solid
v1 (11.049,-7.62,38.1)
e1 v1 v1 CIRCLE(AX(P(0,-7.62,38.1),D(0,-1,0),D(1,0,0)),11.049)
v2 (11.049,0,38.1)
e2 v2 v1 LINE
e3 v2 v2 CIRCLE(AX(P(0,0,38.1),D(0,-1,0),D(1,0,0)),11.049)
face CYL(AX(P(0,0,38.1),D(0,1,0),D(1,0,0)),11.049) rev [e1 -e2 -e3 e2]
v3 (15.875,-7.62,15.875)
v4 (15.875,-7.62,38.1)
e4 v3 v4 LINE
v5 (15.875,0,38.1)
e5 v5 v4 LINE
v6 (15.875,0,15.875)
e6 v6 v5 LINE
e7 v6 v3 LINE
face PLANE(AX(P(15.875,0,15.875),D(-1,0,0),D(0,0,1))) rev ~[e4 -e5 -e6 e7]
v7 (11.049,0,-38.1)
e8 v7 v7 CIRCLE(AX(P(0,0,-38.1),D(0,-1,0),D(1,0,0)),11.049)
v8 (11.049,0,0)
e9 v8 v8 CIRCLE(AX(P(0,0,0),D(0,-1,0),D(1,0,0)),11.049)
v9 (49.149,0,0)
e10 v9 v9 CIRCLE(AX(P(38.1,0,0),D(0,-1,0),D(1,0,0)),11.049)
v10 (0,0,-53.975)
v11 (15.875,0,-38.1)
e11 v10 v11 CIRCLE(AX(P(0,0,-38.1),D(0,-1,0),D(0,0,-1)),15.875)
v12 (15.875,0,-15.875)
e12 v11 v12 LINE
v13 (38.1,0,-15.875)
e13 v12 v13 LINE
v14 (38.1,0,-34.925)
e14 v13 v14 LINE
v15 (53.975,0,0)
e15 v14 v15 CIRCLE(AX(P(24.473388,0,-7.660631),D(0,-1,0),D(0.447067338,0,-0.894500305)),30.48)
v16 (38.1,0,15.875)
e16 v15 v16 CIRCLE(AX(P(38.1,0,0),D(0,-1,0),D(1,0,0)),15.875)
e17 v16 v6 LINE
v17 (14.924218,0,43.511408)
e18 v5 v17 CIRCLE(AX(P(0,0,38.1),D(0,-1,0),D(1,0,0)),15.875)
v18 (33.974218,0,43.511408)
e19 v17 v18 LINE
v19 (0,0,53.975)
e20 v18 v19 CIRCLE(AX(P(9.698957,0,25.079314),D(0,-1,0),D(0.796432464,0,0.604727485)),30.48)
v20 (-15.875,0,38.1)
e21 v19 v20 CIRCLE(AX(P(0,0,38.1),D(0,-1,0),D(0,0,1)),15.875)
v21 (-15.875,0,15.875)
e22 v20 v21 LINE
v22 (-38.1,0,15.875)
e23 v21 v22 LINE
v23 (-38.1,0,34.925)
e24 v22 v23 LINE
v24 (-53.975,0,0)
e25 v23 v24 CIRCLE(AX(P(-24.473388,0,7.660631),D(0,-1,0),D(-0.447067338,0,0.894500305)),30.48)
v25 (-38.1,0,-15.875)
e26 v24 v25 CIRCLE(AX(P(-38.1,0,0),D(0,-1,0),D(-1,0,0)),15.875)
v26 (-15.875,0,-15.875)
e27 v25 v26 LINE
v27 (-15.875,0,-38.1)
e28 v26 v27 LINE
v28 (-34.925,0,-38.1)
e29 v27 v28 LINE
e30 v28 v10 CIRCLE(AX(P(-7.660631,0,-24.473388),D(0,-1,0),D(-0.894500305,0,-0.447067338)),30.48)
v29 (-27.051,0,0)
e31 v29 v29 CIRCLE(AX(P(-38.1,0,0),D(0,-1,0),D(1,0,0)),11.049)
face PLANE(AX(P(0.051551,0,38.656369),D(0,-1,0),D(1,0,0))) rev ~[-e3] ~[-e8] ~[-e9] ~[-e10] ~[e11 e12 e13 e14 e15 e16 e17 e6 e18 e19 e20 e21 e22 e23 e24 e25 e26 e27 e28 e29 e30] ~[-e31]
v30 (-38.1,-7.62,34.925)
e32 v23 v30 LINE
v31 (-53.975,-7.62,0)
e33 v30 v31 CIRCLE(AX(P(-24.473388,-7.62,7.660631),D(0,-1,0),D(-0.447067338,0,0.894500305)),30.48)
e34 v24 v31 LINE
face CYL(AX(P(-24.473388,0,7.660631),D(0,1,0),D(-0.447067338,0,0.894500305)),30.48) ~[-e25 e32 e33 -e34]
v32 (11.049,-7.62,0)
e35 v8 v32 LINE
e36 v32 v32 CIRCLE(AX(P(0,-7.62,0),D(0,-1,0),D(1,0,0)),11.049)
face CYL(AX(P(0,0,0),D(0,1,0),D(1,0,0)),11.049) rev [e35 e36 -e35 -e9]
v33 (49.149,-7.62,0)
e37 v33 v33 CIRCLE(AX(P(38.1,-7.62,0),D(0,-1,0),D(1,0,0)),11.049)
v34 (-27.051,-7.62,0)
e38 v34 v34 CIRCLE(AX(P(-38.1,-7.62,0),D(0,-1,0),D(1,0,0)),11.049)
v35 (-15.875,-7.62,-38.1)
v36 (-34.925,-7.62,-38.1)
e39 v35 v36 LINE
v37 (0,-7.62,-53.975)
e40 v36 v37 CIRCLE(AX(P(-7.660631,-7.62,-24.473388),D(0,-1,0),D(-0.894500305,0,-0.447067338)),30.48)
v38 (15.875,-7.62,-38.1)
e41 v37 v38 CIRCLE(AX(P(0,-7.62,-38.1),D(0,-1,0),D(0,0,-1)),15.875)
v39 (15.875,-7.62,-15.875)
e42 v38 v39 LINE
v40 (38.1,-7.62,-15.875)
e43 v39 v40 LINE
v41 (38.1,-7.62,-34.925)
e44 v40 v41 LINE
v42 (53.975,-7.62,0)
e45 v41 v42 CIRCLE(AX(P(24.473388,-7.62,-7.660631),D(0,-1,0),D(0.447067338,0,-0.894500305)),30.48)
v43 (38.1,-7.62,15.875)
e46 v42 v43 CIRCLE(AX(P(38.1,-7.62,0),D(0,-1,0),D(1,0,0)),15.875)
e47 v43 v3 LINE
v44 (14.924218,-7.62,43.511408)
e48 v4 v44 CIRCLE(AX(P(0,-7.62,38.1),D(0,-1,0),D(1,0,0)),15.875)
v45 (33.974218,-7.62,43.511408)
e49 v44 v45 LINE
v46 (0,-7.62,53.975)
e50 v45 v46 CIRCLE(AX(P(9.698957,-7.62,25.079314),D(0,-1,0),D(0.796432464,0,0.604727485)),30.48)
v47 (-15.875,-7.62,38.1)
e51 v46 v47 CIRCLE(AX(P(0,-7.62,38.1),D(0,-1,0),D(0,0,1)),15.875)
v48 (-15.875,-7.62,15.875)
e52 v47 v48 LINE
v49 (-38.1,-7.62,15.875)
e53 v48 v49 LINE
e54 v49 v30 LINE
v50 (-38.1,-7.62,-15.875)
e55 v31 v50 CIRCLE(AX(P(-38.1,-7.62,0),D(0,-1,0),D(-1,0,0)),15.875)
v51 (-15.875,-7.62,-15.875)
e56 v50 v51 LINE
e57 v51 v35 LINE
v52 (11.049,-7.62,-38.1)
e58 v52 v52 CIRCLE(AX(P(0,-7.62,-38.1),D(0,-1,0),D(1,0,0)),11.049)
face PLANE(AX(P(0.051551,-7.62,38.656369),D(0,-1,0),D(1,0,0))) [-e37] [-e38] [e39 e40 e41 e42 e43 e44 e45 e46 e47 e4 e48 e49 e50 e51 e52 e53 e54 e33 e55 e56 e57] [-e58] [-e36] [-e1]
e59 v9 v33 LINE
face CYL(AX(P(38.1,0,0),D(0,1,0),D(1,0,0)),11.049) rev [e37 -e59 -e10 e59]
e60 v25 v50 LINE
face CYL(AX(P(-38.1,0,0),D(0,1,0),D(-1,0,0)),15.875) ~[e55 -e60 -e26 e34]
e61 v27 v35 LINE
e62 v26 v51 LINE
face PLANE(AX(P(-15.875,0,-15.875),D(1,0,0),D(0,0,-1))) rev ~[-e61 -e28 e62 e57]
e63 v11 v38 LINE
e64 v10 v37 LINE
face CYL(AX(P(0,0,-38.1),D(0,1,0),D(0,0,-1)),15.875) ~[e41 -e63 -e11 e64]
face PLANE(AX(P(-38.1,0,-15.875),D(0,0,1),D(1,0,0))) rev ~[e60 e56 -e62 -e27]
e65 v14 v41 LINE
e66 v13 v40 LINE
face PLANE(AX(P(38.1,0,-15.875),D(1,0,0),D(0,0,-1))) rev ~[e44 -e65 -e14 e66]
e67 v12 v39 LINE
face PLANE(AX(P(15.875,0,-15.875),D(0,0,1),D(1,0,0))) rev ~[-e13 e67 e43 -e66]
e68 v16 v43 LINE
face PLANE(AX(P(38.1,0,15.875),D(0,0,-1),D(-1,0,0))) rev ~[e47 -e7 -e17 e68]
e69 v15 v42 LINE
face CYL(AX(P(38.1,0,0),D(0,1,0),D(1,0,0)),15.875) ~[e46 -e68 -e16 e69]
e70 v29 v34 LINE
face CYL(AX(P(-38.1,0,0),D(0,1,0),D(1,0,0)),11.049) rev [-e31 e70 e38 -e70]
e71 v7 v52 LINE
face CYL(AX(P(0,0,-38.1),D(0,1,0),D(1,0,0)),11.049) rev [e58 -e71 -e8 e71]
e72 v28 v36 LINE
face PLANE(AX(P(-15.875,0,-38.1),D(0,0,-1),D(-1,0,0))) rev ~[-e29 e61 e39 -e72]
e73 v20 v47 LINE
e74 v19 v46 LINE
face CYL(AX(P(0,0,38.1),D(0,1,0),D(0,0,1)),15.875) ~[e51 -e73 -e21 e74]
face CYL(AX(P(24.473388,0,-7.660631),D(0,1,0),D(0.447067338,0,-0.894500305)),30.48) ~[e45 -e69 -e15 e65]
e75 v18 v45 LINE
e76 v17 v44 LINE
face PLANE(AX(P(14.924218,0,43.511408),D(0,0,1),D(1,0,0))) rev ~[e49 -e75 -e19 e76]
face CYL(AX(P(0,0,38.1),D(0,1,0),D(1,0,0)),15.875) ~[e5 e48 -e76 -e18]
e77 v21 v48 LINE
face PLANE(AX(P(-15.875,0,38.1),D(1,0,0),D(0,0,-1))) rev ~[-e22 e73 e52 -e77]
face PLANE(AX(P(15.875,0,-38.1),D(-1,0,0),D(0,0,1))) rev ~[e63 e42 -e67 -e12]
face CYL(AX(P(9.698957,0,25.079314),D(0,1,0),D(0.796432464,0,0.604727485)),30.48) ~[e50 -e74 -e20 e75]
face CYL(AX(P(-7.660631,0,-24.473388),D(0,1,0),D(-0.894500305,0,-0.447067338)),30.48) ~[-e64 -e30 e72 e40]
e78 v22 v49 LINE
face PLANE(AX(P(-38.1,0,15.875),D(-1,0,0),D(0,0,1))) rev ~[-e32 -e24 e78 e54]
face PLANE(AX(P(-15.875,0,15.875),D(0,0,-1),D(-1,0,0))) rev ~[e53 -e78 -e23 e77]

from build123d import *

# Parameters (mm, degrees)
F0_R     = 11.049
F1_DEPTH = 7.62


with BuildPart() as f1:
    # F0 (on Front) → F1 (new body)
    with BuildSketch(Plane.XZ):
        with BuildLine():
            ThreePointArc((-15.875, 38.1), (0, 22.225), (15.875, 38.1))
            ThreePointArc((15.875, 38.1), (15.6354978717, 40.8471496693), (14.9242181032, 43.5114082277))
            ThreePointArc((14.9242181032, 43.5114082277), (9.1134384122, 51.0984947324), (0, 53.975))
            ThreePointArc((0, 53.975), (-11.2253201513, 49.3253201513), (-15.875, 38.1))
        make_face()
        with Locations((0, 38.1)):
            Circle(F0_R, mode=Mode.SUBTRACT)
        with BuildLine():
            Line((15.875, 15.875), (15.875, 38.1))
            ThreePointArc((15.875, 38.1), (0, 22.225), (-15.875, 38.1))
            Line((-15.875, 38.1), (-15.875, 15.875))
            Line((-15.875, 15.875), (0, 15.875))
            Line((0, 15.875), (15.875, 15.875))
        make_face()
        with BuildLine():
            ThreePointArc((0, 53.975), (9.1134384122, 51.0984947324), (14.9242181032, 43.5114082277))
            Line((14.9242181032, 43.5114082277), (33.9742181032, 43.5114082277))
            ThreePointArc((33.9742181032, 43.5114082277), (18.6705146797, 54.2090509483), (0, 53.975))
        make_face()
        with BuildLine():
            Line((38.1, 15.875), (15.875, 15.875))
            Line((15.875, 15.875), (15.875, 12.7))
            Line((15.875, 12.7), (15.875, 0))
            Line((15.875, 0), (15.875, -15.875))
            Line((15.875, -15.875), (38.1, -15.875))
            ThreePointArc((38.1, -15.875), (22.225, 0), (38.1, 15.875))
        make_face()
        Polygon((15.875, 12.7), (15.875, 15.875), (0, 15.875), (-15.875, 15.875), (-15.875, 0), (-15.875, -15.875), (0, -15.875), (15.875, -15.875), (15.875, 0), align=None)
        Circle(F0_R, mode=Mode.SUBTRACT)
        with BuildLine():
            Line((-15.875, 0), (-15.875, 15.875))
            Line((-15.875, 15.875), (-38.1, 15.875))
            ThreePointArc((-38.1, 15.875), (-26.8746798487, 11.2253201513), (-22.225, 0))
            ThreePointArc((-22.225, 0), (-26.8746798487, -11.2253201513), (-38.1, -15.875))
            Line((-38.1, -15.875), (-15.875, -15.875))
            Line((-15.875, -15.875), (-15.875, 0))
        make_face()
        with BuildLine():
            ThreePointArc((53.975, 0), (49.3253201513, 11.2253201513), (38.1, 15.875))
            ThreePointArc((38.1, 15.875), (22.225, 0), (38.1, -15.875))
            ThreePointArc((38.1, -15.875), (49.3253201513, -11.2253201513), (53.975, 0))
        make_face()
        with Locations((38.1, 0)):
            Circle(F0_R, mode=Mode.SUBTRACT)
        with BuildLine():
            ThreePointArc((-22.225, 0), (-26.8746798487, 11.2253201513), (-38.1, 15.875))
            ThreePointArc((-38.1, 15.875), (-49.3253201513, 11.2253201513), (-53.975, 0))
            ThreePointArc((-53.975, 0), (-49.3253201513, -11.2253201513), (-38.1, -15.875))
            ThreePointArc((-38.1, -15.875), (-26.8746798487, -11.2253201513), (-22.225, 0))
        make_face()
        with Locations((-38.1, 0)):
            Circle(F0_R, mode=Mode.SUBTRACT)
        with BuildLine():
            ThreePointArc((-53.975, 0), (-49.3253201513, 11.2253201513), (-38.1, 15.875))
            Line((-38.1, 15.875), (-38.1, 34.925))
            ThreePointArc((-38.1, 34.925), (-52.2213577819, 20.2733444463), (-53.975, 0))
        make_face()
        with BuildLine():
            ThreePointArc((38.1, -34.925), (52.2213577819, -20.2733444463), (53.975, 0))
            ThreePointArc((53.975, 0), (49.3253201513, -11.2253201513), (38.1, -15.875))
            Line((38.1, -15.875), (38.1, -34.925))
        make_face()
        with BuildLine():
            Line((0, -15.875), (-15.875, -15.875))
            Line((-15.875, -15.875), (-15.875, -38.1))
            ThreePointArc((-15.875, -38.1), (0, -22.225), (15.875, -38.1))
            Line((15.875, -38.1), (15.875, -15.875))
            Line((15.875, -15.875), (0, -15.875))
        make_face()
        with BuildLine():
            ThreePointArc((15.875, -38.1), (0, -22.225), (-15.875, -38.1))
            ThreePointArc((-15.875, -38.1), (-11.2253201513, -49.3253201513), (0, -53.975))
            ThreePointArc((0, -53.975), (11.2253201513, -49.3253201513), (15.875, -38.1))
        make_face()
        with Locations((0, -38.1)):
            Circle(F0_R, mode=Mode.SUBTRACT)
        with BuildLine():
            ThreePointArc((0, -53.975), (-11.2253201513, -49.3253201513), (-15.875, -38.1))
            Line((-15.875, -38.1), (-34.925, -38.1))
            ThreePointArc((-34.925, -38.1), (-20.2733444463, -52.2213577819), (0, -53.975))
        make_face()
    extrude(amount=F1_DEPTH)


solid = f1.part
